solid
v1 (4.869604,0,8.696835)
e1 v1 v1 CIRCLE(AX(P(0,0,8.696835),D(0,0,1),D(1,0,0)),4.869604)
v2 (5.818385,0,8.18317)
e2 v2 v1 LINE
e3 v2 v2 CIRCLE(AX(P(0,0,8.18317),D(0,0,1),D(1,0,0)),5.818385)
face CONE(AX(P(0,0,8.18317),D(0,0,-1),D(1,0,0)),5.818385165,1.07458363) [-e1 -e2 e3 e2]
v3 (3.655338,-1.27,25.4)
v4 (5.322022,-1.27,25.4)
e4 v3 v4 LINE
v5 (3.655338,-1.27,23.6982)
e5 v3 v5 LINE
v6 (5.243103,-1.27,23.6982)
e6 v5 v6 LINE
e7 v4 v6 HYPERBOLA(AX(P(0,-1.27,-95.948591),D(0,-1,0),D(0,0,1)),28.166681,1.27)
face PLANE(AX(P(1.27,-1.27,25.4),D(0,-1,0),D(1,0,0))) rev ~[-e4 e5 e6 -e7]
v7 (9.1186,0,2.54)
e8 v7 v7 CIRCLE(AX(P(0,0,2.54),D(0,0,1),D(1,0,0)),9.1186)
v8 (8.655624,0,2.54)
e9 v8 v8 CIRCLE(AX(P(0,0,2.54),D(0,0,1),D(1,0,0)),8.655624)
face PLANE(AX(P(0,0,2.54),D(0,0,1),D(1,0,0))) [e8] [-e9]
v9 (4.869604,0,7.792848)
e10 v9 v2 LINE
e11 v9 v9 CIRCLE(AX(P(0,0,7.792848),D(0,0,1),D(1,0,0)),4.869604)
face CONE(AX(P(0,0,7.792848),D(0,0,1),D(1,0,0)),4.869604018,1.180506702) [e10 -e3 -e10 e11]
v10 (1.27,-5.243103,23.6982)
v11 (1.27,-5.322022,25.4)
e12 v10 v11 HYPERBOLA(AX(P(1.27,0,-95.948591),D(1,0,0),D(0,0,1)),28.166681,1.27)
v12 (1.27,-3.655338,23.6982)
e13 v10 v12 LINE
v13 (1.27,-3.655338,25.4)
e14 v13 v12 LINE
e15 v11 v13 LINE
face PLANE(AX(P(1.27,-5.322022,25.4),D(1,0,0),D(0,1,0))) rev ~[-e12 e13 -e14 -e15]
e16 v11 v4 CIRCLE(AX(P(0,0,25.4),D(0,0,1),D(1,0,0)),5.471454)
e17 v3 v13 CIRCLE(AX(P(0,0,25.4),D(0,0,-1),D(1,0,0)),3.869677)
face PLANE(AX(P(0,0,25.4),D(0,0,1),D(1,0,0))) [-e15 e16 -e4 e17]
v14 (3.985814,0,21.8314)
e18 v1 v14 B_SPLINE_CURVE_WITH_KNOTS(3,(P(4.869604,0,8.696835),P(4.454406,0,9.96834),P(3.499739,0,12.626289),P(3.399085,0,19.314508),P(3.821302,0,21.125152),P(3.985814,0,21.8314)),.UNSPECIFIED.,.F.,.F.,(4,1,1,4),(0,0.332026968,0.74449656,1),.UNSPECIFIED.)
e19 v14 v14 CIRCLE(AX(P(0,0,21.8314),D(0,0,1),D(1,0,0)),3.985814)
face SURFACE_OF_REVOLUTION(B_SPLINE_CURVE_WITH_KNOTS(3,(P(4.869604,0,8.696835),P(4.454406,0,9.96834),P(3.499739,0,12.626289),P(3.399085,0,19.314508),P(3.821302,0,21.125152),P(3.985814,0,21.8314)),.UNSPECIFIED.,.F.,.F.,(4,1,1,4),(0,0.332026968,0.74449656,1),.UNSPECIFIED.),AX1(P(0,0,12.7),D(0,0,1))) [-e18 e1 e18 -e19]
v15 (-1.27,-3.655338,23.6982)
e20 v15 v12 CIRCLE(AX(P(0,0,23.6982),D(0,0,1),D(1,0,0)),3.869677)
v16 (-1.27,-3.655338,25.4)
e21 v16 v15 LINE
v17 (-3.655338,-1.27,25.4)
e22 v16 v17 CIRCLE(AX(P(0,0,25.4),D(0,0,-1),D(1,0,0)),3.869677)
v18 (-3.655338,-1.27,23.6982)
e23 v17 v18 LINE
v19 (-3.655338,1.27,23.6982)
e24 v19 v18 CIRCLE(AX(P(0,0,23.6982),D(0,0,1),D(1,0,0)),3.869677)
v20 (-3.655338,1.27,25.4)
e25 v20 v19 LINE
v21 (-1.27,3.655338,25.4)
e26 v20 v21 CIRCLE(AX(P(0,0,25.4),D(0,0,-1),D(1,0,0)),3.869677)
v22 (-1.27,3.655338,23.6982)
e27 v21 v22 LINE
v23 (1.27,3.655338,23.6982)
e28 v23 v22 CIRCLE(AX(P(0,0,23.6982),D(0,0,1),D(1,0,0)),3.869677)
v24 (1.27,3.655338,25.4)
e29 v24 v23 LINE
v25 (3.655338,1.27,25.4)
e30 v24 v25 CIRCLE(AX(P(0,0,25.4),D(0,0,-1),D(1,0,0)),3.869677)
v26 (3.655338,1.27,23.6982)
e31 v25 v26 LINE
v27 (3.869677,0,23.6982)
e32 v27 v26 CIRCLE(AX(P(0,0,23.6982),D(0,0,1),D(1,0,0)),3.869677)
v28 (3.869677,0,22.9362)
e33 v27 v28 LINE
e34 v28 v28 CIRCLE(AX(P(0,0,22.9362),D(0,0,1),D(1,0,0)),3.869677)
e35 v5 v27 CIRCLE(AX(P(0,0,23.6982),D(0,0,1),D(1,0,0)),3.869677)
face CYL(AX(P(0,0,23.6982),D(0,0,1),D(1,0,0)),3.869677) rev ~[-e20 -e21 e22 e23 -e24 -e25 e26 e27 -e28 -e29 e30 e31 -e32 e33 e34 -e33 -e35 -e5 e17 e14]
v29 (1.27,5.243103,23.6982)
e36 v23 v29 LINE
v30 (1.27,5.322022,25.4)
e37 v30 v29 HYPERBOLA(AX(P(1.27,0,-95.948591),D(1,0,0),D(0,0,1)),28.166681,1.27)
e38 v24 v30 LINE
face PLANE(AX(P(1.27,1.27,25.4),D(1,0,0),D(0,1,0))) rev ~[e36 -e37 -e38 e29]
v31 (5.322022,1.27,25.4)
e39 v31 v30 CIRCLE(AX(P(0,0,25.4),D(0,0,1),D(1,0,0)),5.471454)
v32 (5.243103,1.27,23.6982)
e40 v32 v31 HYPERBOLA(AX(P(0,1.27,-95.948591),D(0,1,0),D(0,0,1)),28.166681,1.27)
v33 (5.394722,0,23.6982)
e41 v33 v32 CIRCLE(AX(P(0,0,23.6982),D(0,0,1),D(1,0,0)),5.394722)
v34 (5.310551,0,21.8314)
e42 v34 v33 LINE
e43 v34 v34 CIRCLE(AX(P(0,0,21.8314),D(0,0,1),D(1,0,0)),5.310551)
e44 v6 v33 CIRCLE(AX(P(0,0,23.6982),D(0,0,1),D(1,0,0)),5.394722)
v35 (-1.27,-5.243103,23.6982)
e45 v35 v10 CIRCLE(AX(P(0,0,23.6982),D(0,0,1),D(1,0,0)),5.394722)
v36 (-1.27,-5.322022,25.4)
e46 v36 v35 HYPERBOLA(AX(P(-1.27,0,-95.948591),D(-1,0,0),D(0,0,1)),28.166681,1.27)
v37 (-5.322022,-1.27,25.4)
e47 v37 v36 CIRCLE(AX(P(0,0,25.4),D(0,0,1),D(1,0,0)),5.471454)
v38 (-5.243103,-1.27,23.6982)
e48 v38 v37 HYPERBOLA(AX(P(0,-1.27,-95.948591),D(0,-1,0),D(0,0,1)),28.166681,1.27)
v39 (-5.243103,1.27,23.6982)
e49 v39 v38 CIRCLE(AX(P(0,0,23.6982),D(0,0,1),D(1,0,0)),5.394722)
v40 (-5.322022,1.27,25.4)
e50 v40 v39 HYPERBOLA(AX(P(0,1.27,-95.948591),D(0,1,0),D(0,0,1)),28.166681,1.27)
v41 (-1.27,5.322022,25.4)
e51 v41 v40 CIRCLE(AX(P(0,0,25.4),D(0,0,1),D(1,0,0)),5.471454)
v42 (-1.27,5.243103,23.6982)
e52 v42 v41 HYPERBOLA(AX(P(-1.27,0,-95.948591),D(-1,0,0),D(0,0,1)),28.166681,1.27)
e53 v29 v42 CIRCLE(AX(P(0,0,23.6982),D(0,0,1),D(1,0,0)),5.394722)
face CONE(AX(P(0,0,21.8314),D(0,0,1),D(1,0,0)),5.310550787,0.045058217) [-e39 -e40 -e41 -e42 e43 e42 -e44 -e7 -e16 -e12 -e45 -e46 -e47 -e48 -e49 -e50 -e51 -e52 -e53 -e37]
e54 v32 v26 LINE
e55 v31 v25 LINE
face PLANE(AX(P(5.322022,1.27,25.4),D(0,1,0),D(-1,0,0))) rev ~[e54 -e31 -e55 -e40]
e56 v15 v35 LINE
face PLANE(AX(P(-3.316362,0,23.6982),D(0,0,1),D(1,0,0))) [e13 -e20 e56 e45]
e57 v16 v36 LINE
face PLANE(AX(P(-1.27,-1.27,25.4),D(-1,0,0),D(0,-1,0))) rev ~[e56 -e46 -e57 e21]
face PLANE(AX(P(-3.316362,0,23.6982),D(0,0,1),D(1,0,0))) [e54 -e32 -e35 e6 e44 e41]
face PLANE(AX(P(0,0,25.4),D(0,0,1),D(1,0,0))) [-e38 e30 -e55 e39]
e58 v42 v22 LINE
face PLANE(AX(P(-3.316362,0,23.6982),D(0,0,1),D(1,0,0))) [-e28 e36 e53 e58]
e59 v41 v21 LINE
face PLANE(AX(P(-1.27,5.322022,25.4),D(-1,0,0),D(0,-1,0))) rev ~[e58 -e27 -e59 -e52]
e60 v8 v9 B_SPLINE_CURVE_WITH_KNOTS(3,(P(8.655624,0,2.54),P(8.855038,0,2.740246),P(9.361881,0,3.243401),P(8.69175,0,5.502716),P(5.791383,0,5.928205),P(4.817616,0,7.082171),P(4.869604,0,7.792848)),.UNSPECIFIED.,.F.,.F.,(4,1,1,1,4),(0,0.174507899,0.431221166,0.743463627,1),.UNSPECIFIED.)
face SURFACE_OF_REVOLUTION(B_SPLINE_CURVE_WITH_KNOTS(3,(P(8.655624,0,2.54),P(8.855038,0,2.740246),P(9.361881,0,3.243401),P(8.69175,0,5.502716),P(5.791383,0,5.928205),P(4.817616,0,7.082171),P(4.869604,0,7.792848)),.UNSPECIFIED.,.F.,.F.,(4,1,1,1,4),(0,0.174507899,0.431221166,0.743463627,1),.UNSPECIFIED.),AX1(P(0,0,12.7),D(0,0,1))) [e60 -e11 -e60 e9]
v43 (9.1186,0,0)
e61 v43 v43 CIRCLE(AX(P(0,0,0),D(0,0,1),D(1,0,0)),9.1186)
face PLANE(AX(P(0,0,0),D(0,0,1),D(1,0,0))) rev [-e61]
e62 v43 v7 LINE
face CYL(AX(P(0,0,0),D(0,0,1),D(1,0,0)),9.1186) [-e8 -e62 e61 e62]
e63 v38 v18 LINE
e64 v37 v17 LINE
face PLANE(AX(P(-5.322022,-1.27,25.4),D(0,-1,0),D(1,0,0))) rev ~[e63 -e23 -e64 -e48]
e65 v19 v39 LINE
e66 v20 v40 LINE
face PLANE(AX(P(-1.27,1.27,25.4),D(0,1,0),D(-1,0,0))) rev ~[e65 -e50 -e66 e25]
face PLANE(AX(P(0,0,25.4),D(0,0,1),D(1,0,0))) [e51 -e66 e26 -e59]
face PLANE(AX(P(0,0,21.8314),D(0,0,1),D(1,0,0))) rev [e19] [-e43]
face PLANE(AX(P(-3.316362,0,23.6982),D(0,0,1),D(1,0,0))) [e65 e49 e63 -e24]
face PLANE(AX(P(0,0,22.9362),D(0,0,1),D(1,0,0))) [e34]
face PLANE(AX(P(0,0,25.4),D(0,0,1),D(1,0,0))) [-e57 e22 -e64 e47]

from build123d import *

# Parameters (mm, degrees)
F2_W     = 2.54
F2_H     = 2.54
F3_DEPTH = 1.7018
F4_R     = 3.8696767193
F5_DEPTH = 25.4
F6_DEPTH = 0.762


with BuildPart() as f1:
    # F0 (on Front) → F1 (revolve)
    with BuildSketch(Plane.XZ):
        Polygon((0, 2.54), (0, 0), (9.1186, 0), (9.1186, 2.54), (8.6556235328, 2.54), align=None)
        with BuildLine():
            Line((0, 8.6968354881), (0, 2.54))
            Line((0, 2.54), (8.6556235328, 2.54))
            add(Edge.make_bspline(
                [(8.6556235328, 2.54), (8.8550384762, 2.7402463297), (9.3618805952, 3.2434009078), (8.6917500556, 5.5027157982), (5.7913825103, 5.9282046951), (4.8176161945, 7.0821708068), (4.8696040176, 7.7928476967)],
                knots=[0, 0, 0, 0, 0.1745078988, 0.4312211664, 0.7434636272, 1, 1, 1, 1], degree=3))
            Line((4.8696040176, 7.7928476967), (5.8183851652, 8.18317011))
            Line((5.8183851652, 8.18317011), (4.8696040176, 8.6968354881))
            Line((4.8696040176, 8.6968354881), (0, 8.6968354881))
        make_face()
        with BuildLine():
            Line((0, 25.4), (0, 8.6968354881))
            Line((0, 8.6968354881), (4.8696040176, 8.6968354881))
            add(Edge.make_bspline(
                [(4.8696040176, 8.6968354881), (4.4544059351, 9.9683403285), (3.4997394922, 12.6262885828), (3.3990850213, 19.3145075221), (3.8213017941, 21.1251515454), (3.9858142845, 21.8313997611)],
                knots=[0, 0, 0, 0, 0.3320269683, 0.74449656, 1, 1, 1, 1], degree=3))
            Line((3.9858142845, 21.8313997611), (4.8696040176, 21.8313997611))
            Line((4.8696040176, 21.8313997611), (5.3105507867, 21.8313997611))
            Line((5.3105507867, 21.8313997611), (5.4714544566, 25.4))
            Line((5.4714544566, 25.4), (0, 25.4))
        make_face()
    revolve(axis=Axis((0, 0, 12.7), (0, 0, 1)))

    # F2 (on face) → F3 (cut)
    with BuildSketch(Plane.XY.offset(25.4)):
        with BuildLine():
            Line((-1.27, -1.27), (-1.27, 1.27))
            Line((-1.27, 1.27), (-5.3220215962, 1.27))
            ThreePointArc((-5.3220215962, 1.27), (-5.4714544566, 0), (-5.3220215962, -1.27))
            Line((-5.3220215962, -1.27), (-1.27, -1.27))
        make_face()
        with BuildLine():
            Line((5.3220215962, 1.27), (1.27, 1.27))
            Line((1.27, 1.27), (1.27, -1.27))
            Line((1.27, -1.27), (5.3220215962, -1.27))
            ThreePointArc((5.3220215962, -1.27), (5.4339678252, -0.6393805947), (5.4714544566, 0))
            ThreePointArc((5.4714544566, 0), (5.4339678252, 0.6393805947), (5.3220215962, 1.27))
        make_face()
        with BuildLine():
            Line((1.27, -5.3220215962), (1.27, -1.27))
            Line((1.27, -1.27), (-1.27, -1.27))
            Line((-1.27, -1.27), (-1.27, -5.3220215962))
            ThreePointArc((-1.27, -5.3220215962), (0, -5.4714544566), (1.27, -5.3220215962))
        make_face()
        with BuildLine():
            Line((-1.27, 1.27), (1.27, 1.27))
            Line((1.27, 1.27), (1.27, 5.3220215962))
            ThreePointArc((1.27, 5.3220215962), (0, 5.4714544566), (-1.27, 5.3220215962))
            Line((-1.27, 5.3220215962), (-1.27, 1.27))
        make_face()
        Rectangle(F2_W, F2_H)
    extrude(amount=-F3_DEPTH, mode=Mode.SUBTRACT)

    # F4 (on face) → F5 (cut)
    with BuildSketch(Plane.XY.offset(23.6982)):
        Circle(F4_R)
    extrude(amount=F5_DEPTH, mode=Mode.SUBTRACT)

    # F4 (on face) → F6 (cut)
    with BuildSketch(Plane.XY.offset(23.6982)):
        Circle(F4_R)
    extrude(amount=-F6_DEPTH, mode=Mode.SUBTRACT)


solid = f1.part
